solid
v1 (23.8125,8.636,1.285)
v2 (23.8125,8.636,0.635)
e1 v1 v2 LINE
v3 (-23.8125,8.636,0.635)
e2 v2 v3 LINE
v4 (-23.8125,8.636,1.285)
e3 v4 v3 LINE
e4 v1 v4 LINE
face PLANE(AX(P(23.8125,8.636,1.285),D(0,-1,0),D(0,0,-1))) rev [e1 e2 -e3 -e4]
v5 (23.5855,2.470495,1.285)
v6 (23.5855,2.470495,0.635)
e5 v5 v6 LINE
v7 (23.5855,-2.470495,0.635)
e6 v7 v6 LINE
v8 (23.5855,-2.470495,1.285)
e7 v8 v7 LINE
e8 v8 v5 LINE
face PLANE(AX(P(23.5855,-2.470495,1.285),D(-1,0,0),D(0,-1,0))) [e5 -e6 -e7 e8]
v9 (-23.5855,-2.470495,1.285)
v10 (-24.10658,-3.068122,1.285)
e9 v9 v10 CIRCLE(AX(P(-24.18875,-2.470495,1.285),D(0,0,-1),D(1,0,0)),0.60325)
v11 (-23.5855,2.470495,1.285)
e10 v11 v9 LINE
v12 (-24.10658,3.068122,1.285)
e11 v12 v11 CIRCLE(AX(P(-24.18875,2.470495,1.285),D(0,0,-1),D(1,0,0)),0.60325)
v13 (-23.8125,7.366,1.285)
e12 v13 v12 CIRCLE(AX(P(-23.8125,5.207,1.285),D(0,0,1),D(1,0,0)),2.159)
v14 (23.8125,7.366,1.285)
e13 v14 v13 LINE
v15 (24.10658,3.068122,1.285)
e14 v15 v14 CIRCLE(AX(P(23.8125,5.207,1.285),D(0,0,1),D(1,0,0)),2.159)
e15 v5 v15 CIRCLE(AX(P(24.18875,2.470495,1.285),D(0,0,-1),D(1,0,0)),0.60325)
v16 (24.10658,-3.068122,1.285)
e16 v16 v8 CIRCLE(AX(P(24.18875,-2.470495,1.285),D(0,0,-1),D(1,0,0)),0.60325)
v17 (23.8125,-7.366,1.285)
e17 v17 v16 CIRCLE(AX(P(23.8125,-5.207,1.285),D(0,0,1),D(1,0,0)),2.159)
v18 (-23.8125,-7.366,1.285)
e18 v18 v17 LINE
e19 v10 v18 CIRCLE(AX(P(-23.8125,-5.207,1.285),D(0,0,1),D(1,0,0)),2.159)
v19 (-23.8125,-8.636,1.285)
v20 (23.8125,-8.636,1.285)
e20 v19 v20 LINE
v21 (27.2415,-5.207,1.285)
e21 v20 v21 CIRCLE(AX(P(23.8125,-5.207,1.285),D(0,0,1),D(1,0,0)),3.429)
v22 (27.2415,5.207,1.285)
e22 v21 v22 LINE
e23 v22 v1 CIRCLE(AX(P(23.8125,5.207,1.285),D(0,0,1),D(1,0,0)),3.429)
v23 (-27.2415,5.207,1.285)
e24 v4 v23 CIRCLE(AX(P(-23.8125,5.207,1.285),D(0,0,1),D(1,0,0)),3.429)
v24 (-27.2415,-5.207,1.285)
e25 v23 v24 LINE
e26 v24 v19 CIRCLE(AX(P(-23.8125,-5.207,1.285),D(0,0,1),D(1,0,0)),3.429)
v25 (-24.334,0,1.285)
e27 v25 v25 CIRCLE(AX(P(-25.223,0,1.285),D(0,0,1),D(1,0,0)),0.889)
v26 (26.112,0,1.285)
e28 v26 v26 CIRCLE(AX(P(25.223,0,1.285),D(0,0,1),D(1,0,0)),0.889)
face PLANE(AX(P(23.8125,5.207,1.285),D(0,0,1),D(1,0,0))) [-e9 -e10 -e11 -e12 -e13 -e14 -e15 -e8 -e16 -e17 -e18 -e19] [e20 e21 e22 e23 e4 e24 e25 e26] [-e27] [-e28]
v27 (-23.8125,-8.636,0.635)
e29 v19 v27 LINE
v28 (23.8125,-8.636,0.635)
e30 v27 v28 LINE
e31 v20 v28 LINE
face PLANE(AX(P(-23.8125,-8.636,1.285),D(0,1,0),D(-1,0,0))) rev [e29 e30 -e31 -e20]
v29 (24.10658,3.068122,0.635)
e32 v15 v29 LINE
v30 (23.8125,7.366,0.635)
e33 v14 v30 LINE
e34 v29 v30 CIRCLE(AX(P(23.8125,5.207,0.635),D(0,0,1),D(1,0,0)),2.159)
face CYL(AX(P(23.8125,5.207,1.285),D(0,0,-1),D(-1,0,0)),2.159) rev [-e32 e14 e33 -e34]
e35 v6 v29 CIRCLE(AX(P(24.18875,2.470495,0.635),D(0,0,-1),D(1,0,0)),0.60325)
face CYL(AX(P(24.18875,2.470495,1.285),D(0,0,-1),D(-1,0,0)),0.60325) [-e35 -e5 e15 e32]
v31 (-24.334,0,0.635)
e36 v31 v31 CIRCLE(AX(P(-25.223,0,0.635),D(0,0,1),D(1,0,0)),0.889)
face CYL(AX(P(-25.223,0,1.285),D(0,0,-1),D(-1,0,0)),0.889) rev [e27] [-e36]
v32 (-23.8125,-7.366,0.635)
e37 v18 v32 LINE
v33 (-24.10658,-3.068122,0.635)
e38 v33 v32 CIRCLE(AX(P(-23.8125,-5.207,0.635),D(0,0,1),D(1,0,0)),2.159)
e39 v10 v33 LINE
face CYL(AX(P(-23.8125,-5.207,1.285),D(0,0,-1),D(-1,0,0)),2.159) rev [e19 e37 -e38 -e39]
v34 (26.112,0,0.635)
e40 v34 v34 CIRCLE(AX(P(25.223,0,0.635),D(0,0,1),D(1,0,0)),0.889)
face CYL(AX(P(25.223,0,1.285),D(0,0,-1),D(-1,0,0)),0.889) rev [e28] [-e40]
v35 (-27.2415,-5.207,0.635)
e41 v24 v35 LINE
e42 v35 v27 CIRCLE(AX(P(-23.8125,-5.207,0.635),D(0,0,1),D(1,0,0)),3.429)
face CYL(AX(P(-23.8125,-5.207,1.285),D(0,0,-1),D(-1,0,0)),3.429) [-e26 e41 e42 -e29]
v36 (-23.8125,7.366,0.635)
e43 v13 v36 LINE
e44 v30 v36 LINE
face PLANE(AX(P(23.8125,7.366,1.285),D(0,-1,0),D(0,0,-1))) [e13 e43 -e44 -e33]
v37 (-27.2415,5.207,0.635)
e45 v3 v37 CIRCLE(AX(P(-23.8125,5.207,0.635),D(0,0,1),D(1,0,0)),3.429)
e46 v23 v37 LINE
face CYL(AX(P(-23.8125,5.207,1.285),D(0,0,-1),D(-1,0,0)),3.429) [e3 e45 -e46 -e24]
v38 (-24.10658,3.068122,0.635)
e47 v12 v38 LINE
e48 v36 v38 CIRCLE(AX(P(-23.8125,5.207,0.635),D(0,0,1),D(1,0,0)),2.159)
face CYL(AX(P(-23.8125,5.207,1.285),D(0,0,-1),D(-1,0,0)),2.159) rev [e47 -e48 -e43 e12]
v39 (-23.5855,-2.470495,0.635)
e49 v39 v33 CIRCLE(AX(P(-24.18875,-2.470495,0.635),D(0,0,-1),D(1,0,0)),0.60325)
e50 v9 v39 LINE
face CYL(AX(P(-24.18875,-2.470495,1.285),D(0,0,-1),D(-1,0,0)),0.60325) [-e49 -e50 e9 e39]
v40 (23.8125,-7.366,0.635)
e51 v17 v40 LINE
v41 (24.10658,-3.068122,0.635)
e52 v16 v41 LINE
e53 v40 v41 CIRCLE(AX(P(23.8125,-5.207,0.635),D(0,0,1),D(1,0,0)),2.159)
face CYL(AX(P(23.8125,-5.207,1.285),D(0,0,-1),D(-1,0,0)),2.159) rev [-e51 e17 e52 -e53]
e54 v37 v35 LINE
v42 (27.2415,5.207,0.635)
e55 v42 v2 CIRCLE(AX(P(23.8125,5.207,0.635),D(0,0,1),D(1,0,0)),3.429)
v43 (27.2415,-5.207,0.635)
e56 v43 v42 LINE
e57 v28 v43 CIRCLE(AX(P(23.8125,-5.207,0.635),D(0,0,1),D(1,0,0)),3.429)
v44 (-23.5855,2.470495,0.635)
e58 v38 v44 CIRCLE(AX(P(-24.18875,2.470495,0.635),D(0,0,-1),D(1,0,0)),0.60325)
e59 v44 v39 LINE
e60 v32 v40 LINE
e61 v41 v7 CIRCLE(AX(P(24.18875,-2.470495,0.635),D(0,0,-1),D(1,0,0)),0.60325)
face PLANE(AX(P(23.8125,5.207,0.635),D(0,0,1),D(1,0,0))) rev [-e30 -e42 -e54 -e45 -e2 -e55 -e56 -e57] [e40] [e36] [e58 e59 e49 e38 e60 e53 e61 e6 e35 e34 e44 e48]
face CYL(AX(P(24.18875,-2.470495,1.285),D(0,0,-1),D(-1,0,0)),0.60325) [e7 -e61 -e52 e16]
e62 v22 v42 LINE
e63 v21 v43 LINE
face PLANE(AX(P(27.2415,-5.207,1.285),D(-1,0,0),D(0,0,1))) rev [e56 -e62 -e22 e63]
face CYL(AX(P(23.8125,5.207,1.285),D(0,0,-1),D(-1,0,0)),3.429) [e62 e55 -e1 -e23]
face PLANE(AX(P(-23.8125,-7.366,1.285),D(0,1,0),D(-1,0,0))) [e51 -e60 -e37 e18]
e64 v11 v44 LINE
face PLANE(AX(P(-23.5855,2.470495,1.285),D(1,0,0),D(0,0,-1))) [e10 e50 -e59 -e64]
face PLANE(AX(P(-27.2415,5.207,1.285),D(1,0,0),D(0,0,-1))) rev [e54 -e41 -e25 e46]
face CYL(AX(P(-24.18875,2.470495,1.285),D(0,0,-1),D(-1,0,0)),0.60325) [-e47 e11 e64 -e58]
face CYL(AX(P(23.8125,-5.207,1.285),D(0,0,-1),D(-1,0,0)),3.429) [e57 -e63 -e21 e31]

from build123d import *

# Parameters (mm, degrees)
SKETCH2_R           = 0.889
BOSS_EXTRUDE1_DEPTH = 0.65


with BuildPart() as part:
    # Sketch2 → Boss-Extrude1 (new body)
    with BuildSketch(Plane.XY.offset(0.635)):
        with BuildLine():
            Line((23.8125, 8.636), (-23.8125, 8.636))
            ThreePointArc((-23.8125, 8.636), (-26.237169153, 7.631669153), (-27.2415, 5.207))
            Line((-27.2415, 5.207), (-27.2415, -5.207))
            ThreePointArc((-27.2415, -5.207), (-26.237169153, -7.631669153), (-23.8125, -8.636))
            Line((-23.8125, -8.636), (23.8125, -8.636))
            ThreePointArc((23.8125, -8.636), (26.237169153, -7.631669153), (27.2415, -5.207))
            Line((27.2415, -5.207), (27.2415, 5.207))
            ThreePointArc((27.2415, 5.207), (26.237169153, 7.631669153), (23.8125, 8.636))
        make_face()
        with Locations((-25.223, 0)):
            Circle(SKETCH2_R, mode=Mode.SUBTRACT)
        with Locations((25.223, 0)):
            Circle(SKETCH2_R, mode=Mode.SUBTRACT)
        with BuildLine():
            Line((23.5855, -2.470494747), (23.5855, 2.470494747))
            ThreePointArc((23.5855, 2.470494747), (23.734063659, 2.866942592), (24.10658046, 3.068122331))
            ThreePointArc((24.10658046, 3.068122331), (25.966463543, 5.354384043), (23.8125, 7.366))
            Line((23.8125, 7.366), (-23.8125, 7.366))
            ThreePointArc((-23.8125, 7.366), (-25.966463543, 5.354384043), (-24.10658046, 3.068122331))
            ThreePointArc((-24.10658046, 3.068122331), (-23.734063659, 2.866942592), (-23.5855, 2.470494747))
            Line((-23.5855, 2.470494747), (-23.5855, -2.470494747))
            ThreePointArc((-23.5855, -2.470494747), (-23.734063659, -2.866942592), (-24.10658046, -3.068122331))
            ThreePointArc((-24.10658046, -3.068122331), (-25.966463543, -5.354384043), (-23.8125, -7.366))
            Line((-23.8125, -7.366), (23.8125, -7.366))
            ThreePointArc((23.8125, -7.366), (25.966463543, -5.354384043), (24.10658046, -3.068122331))
            ThreePointArc((24.10658046, -3.068122331), (23.734063659, -2.866942592), (23.5855, -2.470494747))
        make_face(mode=Mode.SUBTRACT)
    extrude(amount=BOSS_EXTRUDE1_DEPTH)


solid = part.part
